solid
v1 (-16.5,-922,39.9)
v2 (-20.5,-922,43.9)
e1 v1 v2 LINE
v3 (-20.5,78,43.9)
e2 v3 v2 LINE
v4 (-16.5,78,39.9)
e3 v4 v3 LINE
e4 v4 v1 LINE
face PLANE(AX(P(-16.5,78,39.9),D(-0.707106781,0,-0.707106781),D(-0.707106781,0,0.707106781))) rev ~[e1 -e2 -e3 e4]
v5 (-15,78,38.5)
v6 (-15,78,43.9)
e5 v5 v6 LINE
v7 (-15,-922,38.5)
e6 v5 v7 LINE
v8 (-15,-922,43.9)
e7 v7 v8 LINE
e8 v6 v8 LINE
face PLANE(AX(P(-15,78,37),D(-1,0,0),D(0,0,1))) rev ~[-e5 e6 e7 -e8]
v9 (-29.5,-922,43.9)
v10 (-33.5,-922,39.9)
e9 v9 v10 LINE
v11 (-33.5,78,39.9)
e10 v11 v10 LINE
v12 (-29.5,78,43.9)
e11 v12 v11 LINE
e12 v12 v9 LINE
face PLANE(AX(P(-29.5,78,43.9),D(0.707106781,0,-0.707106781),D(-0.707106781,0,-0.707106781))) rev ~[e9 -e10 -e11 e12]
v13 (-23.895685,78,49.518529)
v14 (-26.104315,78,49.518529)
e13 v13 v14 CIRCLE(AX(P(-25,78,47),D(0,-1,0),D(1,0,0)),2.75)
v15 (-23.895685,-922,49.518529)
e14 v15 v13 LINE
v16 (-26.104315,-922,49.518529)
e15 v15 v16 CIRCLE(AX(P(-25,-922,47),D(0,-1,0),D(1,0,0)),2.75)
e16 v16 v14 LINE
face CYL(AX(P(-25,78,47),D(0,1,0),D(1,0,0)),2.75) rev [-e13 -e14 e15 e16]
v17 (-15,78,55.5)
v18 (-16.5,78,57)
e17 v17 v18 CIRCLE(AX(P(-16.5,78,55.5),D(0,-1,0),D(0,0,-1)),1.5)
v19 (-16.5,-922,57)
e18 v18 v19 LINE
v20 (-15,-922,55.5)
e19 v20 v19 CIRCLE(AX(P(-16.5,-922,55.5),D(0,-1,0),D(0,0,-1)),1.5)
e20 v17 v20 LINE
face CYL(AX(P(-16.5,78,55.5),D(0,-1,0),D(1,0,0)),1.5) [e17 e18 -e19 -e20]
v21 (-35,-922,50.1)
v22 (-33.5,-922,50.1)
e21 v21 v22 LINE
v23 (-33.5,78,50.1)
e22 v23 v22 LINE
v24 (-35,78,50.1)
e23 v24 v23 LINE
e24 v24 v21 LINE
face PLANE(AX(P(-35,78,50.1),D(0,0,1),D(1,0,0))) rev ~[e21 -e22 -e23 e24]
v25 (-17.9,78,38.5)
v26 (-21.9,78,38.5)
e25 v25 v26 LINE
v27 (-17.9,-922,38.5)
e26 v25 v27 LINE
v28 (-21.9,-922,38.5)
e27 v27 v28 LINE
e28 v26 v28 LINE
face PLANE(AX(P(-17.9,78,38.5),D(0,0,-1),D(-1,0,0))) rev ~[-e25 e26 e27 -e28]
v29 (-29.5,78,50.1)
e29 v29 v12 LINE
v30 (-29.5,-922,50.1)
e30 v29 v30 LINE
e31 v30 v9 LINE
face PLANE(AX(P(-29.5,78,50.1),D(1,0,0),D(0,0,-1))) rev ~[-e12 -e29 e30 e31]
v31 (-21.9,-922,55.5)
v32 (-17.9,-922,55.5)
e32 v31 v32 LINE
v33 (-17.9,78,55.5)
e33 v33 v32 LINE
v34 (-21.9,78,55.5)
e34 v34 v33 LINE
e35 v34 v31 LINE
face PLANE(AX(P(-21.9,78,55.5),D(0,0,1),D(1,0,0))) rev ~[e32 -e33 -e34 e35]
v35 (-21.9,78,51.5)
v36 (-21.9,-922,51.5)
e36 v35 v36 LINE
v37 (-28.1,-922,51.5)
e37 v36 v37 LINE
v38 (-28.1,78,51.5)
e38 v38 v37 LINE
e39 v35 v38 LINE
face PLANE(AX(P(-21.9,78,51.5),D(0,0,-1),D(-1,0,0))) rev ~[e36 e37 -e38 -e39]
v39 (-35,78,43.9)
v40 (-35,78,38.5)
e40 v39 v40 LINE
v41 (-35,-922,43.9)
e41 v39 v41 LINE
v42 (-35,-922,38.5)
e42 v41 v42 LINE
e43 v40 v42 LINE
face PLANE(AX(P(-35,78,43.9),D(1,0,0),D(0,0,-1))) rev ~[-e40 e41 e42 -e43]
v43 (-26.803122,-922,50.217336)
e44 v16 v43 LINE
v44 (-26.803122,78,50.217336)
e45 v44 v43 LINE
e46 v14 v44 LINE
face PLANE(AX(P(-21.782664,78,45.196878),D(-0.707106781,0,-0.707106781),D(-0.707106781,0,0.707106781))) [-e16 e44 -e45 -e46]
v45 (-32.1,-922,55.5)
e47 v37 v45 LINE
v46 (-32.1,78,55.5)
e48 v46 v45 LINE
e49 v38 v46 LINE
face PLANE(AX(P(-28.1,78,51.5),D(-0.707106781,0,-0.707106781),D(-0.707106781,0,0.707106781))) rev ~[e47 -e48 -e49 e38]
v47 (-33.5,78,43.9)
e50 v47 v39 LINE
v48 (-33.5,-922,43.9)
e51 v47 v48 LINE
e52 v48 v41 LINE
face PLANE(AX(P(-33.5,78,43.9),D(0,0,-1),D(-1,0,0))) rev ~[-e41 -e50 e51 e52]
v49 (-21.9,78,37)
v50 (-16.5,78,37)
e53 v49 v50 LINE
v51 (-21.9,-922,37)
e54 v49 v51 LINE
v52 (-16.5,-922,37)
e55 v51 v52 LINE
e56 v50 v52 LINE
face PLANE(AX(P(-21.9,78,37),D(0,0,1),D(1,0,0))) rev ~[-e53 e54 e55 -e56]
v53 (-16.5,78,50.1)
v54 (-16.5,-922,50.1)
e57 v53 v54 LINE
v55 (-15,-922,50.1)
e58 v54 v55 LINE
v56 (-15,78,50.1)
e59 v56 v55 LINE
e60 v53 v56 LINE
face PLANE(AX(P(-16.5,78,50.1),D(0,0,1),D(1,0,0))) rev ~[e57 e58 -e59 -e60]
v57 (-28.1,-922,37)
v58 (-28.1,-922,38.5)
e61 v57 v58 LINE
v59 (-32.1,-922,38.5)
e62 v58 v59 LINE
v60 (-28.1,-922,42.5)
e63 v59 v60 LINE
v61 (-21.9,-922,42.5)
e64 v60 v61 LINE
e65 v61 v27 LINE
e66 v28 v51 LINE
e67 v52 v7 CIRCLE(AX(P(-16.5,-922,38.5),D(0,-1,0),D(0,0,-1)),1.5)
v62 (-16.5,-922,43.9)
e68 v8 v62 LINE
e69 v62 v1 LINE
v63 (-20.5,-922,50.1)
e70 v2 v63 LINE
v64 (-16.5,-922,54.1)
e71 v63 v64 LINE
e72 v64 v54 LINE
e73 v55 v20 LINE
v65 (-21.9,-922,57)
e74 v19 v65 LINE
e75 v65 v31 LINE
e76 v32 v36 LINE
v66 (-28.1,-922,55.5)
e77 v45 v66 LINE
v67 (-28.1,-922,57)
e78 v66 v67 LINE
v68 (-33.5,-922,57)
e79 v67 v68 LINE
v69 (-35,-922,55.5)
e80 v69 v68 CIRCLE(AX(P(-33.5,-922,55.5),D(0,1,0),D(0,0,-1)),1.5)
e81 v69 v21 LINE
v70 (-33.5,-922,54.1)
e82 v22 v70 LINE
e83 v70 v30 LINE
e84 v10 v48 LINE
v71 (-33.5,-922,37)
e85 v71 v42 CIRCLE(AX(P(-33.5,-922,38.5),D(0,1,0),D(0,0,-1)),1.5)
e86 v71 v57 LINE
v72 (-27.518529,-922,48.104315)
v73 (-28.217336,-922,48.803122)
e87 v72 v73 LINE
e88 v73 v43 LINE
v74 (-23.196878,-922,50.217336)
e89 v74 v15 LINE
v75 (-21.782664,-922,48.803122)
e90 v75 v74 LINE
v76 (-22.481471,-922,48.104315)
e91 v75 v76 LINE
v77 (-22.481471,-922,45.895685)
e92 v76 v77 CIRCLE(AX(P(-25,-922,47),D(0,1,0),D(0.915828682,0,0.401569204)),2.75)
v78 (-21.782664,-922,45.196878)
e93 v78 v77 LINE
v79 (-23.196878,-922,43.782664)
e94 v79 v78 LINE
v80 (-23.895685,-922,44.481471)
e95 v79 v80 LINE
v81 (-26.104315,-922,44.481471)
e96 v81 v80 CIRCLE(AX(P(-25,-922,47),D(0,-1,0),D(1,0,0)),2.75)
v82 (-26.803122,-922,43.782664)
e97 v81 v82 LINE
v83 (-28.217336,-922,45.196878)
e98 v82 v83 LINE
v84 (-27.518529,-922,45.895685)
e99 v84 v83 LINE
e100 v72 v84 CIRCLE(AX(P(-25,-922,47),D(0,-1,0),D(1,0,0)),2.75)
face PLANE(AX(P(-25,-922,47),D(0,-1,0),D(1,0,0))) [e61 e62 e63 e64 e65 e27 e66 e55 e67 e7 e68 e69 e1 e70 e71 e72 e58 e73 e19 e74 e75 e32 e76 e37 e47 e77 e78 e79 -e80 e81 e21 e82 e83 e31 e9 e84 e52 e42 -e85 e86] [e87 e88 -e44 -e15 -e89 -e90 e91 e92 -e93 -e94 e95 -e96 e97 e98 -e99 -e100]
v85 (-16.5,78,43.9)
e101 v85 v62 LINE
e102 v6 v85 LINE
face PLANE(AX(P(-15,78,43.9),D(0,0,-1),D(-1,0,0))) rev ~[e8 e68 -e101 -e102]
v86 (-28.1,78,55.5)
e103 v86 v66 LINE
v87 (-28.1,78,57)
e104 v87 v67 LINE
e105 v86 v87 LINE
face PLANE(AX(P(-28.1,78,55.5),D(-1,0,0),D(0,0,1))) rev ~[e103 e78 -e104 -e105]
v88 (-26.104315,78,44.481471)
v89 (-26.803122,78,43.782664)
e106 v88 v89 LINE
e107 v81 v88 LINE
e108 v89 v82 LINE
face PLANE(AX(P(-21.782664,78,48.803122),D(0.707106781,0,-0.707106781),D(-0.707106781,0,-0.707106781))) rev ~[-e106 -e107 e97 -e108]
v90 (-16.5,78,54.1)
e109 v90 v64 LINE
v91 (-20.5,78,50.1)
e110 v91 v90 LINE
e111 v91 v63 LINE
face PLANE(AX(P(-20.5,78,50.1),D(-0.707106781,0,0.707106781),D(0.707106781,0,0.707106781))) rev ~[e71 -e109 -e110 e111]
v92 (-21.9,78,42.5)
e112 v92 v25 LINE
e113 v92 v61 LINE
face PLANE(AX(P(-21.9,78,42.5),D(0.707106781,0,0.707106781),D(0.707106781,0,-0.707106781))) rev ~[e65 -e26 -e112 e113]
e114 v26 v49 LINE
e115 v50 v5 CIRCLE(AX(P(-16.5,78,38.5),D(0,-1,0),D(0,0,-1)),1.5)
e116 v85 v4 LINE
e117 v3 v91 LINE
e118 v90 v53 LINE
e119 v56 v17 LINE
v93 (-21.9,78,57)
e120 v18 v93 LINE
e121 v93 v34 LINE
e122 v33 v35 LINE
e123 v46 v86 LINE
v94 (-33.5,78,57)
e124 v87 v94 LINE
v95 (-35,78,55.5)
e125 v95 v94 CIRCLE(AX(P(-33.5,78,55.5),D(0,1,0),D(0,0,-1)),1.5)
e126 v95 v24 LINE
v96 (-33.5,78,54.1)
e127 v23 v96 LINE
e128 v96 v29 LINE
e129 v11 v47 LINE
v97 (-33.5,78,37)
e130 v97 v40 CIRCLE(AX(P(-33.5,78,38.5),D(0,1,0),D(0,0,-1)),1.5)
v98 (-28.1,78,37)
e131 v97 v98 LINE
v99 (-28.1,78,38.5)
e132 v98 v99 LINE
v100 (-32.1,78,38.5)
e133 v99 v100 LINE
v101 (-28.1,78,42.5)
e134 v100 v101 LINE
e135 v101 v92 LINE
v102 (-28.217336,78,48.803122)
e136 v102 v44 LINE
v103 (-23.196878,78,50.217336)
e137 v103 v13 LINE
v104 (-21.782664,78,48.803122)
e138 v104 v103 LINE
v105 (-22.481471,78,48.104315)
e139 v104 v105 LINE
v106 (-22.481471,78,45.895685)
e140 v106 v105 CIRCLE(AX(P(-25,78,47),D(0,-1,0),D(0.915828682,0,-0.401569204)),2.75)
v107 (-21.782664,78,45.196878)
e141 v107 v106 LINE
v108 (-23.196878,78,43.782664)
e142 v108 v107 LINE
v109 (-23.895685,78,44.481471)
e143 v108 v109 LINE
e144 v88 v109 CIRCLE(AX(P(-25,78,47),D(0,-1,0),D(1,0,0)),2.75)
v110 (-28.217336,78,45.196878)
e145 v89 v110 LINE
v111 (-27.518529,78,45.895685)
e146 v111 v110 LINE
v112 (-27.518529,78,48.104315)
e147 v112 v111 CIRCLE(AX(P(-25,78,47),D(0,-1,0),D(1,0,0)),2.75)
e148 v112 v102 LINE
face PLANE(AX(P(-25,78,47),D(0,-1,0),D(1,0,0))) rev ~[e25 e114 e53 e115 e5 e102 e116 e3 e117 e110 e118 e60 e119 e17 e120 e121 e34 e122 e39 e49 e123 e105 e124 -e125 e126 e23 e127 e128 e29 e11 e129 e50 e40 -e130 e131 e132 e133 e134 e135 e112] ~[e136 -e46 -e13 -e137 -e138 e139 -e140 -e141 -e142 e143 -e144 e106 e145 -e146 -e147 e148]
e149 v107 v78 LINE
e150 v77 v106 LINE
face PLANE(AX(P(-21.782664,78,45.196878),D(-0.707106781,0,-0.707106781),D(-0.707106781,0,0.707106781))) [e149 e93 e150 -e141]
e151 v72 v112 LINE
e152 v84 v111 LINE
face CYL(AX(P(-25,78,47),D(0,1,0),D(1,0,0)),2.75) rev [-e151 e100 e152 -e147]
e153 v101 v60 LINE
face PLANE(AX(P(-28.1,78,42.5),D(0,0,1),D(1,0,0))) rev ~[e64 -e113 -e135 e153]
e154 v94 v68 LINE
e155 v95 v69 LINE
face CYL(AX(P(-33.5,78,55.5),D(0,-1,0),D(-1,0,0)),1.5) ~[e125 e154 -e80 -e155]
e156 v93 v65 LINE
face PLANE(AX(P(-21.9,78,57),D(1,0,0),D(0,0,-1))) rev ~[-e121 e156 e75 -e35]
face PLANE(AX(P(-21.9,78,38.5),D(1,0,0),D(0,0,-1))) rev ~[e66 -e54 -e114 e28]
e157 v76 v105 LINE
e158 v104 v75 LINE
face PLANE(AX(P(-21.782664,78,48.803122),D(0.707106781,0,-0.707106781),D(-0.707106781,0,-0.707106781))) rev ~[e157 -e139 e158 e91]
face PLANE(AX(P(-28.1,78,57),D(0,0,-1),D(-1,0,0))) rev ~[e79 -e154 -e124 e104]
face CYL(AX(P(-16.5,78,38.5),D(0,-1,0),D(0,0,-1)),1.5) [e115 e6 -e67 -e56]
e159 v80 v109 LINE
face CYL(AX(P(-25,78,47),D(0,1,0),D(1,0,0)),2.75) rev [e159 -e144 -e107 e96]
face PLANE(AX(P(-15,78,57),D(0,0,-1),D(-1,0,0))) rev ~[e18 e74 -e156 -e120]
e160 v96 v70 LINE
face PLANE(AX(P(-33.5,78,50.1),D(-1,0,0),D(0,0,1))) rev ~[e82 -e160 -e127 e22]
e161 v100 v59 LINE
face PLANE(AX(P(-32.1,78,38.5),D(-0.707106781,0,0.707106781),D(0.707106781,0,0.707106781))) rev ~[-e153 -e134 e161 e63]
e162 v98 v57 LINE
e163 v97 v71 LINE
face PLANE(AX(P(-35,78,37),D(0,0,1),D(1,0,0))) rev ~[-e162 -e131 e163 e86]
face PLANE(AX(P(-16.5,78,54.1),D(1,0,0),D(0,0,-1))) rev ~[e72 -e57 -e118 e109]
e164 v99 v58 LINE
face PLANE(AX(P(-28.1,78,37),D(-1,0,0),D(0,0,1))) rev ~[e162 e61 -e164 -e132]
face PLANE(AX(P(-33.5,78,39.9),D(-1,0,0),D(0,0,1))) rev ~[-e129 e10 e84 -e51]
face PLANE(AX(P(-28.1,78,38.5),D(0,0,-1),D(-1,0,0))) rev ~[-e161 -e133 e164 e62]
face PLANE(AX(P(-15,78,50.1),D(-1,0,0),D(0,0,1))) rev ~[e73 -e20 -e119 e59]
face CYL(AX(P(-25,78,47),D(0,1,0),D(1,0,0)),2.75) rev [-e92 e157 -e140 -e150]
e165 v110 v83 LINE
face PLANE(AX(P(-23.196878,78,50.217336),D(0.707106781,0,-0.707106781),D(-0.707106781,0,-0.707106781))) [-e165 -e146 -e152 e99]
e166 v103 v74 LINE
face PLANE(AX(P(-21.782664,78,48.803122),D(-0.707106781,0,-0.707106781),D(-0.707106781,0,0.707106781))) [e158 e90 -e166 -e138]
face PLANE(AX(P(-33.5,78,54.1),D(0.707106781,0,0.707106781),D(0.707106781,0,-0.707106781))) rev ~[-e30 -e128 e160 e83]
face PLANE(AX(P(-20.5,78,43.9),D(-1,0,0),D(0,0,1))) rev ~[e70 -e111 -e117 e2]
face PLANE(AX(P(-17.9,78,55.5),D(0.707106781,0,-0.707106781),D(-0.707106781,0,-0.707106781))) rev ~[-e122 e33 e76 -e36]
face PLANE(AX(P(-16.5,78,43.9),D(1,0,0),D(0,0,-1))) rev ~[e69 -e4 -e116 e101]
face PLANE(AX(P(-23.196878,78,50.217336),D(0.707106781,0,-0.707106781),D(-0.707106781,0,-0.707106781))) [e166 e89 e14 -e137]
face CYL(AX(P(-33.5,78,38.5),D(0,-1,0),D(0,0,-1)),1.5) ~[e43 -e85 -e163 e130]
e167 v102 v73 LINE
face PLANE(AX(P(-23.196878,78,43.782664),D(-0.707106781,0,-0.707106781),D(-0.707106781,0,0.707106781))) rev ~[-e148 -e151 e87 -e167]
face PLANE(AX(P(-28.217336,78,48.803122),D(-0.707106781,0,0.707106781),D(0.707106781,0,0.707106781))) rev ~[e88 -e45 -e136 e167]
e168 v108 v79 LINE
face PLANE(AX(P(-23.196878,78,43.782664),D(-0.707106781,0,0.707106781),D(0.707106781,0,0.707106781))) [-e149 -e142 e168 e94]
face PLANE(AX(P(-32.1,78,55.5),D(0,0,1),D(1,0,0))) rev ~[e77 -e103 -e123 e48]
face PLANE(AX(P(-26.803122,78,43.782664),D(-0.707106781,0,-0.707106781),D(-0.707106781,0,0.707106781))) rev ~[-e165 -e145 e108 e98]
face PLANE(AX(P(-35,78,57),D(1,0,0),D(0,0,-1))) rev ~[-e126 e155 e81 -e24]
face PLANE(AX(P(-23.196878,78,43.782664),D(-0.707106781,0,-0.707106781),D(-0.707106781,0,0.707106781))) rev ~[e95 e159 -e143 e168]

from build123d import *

# Parameters (mm, degrees)
CYLINDER017_R             = 2.75
CYLINDER017_DEPTH         = 1000
BOX006_W                  = 2
BOX006_H                  = 7.1
BOX006_DEPTH              = 1000
BOX007_W                  = 2
BOX007_H                  = 7.1
BOX007_DEPTH              = 1000
FUSION005_PLACEMENT_ANGLE = 45
PAD002_DEPTH              = 1000
FILLET_R                  = 1.5
FILLET_PLACEMENT_ANGLE    = 90


with BuildPart() as cylinder017:
    # Cylinder017 → Cylinder017 (new body)
    with BuildSketch(Plane.XY):
        Circle(CYLINDER017_R)
    extrude(amount=CYLINDER017_DEPTH)


with BuildPart() as cube006:
    # Box006 → Box006 (new body)
    with BuildSketch(Plane(origin=(-1, -3.55, 0), x_dir=(1, 0, 0), z_dir=(0, 0, 1))):
        with Locations((1, 3.55)):
            Rectangle(BOX006_W, BOX006_H)
    extrude(amount=BOX006_DEPTH)


with BuildPart() as fusion006:
    # Box007 → Box007 (new body)
    with BuildSketch(Plane(origin=(3.55, -1, 0), x_dir=(0, 1, 0), z_dir=(0, 0, 1))):
        with Locations((1, 3.55)):
            Rectangle(BOX007_W, BOX007_H)
    extrude(amount=BOX007_DEPTH)

    # Fusion005: union Cube006
    add(cube006.part)


with BuildPart() as fusion006_1:
    # Fusion005 placement: moved
    add(fusion006.part.rotate(Axis((0, 0, 0), (0, 0, 1)), FUSION005_PLACEMENT_ANGLE))

    # Fusion006: union Cylinder017
    add(cylinder017.part)


with BuildPart() as typeb_20x20_4open:
    # Sketch002 → Pad002 (new body)
    with BuildSketch(Plane.XY):
        Polygon((-10, -10), (-3.1, -10), (-3.1, -8.5), (-7.1, -8.5), (-3.1, -4.5), (3.1, -4.5), (7.1, -8.5), (3.1, -8.5), (3.1, -10), (10, -10), (10, -3.1), (8.5, -3.1), (8.5, -7.1), (4.5, -3.1), (4.5, 3.1), (8.5, 7.1), (8.5, 3.1), (10, 3.1), (10, 10), (3.1, 10), (3.1, 8.5), (7.1, 8.5), (3.1, 4.5), (-3.1, 4.5), (-7.1, 8.5), (-3.1, 8.5), (-3.1, 10), (-10, 10), (-10, 3.1), (-8.5, 3.1), (-8.5, 7.1), (-4.5, 3.1), (-4.5, -3.1), (-8.5, -7.1), (-8.5, -3.1), (-10, -3.1), align=None)
    extrude(amount=PAD002_DEPTH)

    # Cut007: cut Fusion006
    add(fusion006_1.part, mode=Mode.SUBTRACT)

    # Fillet
    fillet_edges = [typeb_20x20_4open.edges().sort_by_distance(p)[0] for p in [
        (10, -10, 500),
        (-10, -10, 500),
        (10, 10, 500),
        (-10, 10, 500),
    ]]
    fillet(fillet_edges, radius=FILLET_R)


with BuildPart() as typeb_20x20_4open_1:
    # Fillet placement: moved
    add(typeb_20x20_4open.part.moved(Location((-25, 78, 47))).rotate(Axis((-25, 78, 47), (1, 0, 0)), FILLET_PLACEMENT_ANGLE))


solid = typeb_20x20_4open_1.part
